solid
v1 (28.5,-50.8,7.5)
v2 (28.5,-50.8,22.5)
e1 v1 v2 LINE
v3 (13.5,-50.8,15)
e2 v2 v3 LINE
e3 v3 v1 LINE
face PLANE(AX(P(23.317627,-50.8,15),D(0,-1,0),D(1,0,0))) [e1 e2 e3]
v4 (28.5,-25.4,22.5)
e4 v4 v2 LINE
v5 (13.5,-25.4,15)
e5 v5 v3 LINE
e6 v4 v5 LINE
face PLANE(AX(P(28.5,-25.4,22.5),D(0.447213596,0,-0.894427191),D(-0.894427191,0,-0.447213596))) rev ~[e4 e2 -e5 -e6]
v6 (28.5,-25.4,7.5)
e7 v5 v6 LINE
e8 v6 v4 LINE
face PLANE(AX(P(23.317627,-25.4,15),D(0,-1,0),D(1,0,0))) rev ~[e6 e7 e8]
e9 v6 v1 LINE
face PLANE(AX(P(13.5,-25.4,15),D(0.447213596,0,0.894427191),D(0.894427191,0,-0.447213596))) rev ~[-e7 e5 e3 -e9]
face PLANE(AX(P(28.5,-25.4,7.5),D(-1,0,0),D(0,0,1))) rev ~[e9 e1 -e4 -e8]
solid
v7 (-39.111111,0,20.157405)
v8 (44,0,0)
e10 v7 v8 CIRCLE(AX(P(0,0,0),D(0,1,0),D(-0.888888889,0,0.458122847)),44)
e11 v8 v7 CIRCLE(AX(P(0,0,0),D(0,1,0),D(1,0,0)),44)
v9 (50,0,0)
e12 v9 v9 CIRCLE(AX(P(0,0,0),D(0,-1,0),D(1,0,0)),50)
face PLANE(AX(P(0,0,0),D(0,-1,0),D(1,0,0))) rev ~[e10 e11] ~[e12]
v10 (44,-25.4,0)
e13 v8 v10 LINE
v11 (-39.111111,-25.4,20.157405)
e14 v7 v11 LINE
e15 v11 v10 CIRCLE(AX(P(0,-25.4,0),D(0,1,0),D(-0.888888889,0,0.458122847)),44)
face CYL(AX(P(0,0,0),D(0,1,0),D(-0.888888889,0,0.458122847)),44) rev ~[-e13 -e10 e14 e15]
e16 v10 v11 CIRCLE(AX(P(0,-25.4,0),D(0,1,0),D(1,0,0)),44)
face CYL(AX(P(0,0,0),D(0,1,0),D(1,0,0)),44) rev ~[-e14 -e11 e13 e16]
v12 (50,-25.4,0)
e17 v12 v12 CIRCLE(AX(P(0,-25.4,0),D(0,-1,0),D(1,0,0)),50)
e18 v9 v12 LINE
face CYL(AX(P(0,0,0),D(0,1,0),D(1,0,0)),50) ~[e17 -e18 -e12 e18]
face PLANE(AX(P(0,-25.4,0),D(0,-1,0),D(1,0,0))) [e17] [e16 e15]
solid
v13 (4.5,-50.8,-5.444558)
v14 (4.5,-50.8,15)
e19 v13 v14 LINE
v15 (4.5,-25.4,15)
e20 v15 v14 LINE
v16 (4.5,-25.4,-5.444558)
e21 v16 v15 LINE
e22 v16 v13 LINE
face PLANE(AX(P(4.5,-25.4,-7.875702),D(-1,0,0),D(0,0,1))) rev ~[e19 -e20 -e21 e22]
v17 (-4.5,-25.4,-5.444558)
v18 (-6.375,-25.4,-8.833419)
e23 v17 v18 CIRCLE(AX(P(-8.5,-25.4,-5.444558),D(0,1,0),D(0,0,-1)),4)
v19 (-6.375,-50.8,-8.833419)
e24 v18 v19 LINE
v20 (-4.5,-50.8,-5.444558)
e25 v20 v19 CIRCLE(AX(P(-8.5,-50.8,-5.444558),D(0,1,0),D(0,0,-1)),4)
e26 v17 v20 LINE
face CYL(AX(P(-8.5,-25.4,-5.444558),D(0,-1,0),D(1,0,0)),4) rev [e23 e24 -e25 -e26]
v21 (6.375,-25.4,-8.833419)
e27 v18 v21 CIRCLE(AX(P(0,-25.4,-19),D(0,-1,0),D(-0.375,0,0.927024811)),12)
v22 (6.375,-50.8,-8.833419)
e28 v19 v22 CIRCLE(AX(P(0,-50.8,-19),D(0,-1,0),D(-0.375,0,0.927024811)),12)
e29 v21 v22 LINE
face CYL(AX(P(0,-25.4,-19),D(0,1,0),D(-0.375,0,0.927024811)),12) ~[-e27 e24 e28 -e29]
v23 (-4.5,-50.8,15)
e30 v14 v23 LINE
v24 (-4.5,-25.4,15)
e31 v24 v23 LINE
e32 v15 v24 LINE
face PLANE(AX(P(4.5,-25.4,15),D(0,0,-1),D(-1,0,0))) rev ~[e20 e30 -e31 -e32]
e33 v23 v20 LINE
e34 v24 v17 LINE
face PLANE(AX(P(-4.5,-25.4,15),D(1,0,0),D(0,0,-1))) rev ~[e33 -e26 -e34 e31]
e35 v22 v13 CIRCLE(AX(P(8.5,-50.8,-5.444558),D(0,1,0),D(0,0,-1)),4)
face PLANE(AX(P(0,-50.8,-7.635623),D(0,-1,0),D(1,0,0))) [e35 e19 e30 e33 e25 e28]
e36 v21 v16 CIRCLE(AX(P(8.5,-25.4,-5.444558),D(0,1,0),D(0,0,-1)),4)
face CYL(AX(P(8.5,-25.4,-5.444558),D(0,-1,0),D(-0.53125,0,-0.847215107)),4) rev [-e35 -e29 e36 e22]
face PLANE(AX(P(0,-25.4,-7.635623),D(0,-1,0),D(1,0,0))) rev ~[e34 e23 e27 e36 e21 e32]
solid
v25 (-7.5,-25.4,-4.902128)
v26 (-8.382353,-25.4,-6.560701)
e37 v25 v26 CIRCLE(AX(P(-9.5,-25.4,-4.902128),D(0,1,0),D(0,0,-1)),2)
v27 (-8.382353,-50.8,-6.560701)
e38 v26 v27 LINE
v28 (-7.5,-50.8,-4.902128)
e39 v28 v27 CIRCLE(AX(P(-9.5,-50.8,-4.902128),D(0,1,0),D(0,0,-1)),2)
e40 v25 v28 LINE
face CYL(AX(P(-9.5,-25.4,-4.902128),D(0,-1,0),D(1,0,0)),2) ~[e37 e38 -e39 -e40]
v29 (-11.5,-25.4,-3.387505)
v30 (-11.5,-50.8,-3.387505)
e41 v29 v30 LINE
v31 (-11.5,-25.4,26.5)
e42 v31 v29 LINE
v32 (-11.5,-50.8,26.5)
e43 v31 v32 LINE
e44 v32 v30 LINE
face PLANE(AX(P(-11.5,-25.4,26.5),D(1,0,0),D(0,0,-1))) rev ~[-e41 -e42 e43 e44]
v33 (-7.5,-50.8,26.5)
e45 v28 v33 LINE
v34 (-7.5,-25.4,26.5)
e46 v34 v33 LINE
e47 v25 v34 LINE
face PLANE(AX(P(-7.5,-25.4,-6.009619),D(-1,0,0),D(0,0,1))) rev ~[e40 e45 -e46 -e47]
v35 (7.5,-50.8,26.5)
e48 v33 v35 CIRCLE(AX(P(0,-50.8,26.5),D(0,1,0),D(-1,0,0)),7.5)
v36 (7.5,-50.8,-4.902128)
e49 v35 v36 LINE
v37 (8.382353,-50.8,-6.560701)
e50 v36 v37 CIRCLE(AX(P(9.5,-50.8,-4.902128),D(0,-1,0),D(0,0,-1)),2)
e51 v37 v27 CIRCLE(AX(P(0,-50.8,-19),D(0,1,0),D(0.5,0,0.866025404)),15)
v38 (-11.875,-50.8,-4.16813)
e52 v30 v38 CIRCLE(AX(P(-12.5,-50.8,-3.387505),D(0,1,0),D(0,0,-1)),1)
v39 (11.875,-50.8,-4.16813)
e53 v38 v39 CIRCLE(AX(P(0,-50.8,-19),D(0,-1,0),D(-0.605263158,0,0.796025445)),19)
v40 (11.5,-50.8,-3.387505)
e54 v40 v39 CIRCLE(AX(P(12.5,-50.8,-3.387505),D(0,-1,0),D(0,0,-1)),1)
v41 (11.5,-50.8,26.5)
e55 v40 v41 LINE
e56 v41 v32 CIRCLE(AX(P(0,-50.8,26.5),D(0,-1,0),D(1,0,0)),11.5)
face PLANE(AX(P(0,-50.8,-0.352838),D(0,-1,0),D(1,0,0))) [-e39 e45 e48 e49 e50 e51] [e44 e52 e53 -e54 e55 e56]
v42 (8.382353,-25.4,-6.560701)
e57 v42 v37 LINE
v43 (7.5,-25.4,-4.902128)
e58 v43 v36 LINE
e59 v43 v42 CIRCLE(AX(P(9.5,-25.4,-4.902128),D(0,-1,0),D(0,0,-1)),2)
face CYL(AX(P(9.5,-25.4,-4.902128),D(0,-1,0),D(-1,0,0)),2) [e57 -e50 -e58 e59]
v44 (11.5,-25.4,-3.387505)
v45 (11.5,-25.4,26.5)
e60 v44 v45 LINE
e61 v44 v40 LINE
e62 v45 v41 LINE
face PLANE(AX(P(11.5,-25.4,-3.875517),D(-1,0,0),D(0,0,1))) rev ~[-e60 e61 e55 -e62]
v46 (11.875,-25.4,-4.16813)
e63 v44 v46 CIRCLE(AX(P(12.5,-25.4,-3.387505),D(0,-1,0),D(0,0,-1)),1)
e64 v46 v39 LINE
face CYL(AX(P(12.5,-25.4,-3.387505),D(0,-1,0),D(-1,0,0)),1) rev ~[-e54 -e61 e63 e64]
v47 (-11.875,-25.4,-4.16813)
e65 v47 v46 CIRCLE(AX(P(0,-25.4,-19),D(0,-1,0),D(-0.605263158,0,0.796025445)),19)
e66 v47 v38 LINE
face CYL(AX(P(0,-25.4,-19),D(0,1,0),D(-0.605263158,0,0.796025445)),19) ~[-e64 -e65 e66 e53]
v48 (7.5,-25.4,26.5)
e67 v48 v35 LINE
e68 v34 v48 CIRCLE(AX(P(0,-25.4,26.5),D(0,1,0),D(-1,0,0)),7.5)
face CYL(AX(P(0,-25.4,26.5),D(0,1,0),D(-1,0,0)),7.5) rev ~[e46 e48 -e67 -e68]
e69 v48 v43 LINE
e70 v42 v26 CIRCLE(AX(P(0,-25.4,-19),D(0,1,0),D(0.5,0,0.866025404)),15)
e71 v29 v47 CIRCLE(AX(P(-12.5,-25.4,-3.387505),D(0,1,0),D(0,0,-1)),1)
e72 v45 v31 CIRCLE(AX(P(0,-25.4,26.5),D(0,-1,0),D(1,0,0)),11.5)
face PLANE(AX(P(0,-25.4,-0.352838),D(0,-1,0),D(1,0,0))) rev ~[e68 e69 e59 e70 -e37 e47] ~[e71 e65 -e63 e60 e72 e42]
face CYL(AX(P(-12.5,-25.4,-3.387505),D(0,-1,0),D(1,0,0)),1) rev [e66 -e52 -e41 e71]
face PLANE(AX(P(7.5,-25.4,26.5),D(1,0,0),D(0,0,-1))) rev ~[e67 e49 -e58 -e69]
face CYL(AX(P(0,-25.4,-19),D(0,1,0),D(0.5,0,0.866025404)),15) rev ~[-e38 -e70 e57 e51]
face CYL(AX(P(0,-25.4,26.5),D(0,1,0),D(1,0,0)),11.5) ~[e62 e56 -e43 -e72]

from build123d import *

# Parameters (mm, degrees)
F0_R     = 50
F1_DEPTH = 25.4
F2_R     = 1
F3_R     = 2
F4_R     = 1
F5_R     = 2
F8_DEPTH = 25.4
F9_R     = 1
F10_R    = 2
F11_R    = 4


with BuildPart() as f1:
    # F0 (on Front) → F1 (new body)
    with BuildSketch(Plane.XZ):
        Circle(F0_R)
        with BuildLine():
            ThreePointArc((-39.1111111111, 20.1574052808), (10.3708994574, 42.7603138955), (44, 0))
            ThreePointArc((44, 0), (-10.3708994574, -42.7603138955), (-39.1111111111, 20.1574052808))
        make_face(mode=Mode.SUBTRACT)
    extrude(amount=F1_DEPTH)


with BuildPart() as f1b:
    # F0 (on Front) → F1, piece 2 (new body)
    with BuildSketch(Plane.XZ):
        with BuildLine():
            ThreePointArc((0, 16.4924225025), (-16, 26.2462112512), (-32, 16.4924225025))
            Line((-32, 16.4924225025), (-30.2222222222, 15.5761768079))
            Line((-30.2222222222, 15.5761768079), (-34, 8.2462112512))
            ThreePointArc((-34, 8.2462112512), (-33.0849981905, 2.5802747153), (-30.4330181301, -2.5096238003))
            Line((-30.4330181301, -2.5096238003), (0, -43.3470204617))
            Line((0, -43.3470204617), (30.4330181301, -2.5096238003))
            ThreePointArc((30.4330181301, -2.5096238003), (25.5332732557, 23.5143709646), (0, 16.4924225025))
        make_face()
        with BuildLine():
            ThreePointArc((-28.829349449, -1.3145310168), (-31.9458736097, 6.9312531437), (-30.2222222222, 15.5761768079))
            ThreePointArc((-30.2222222222, 15.5761768079), (-12.2287638337, 23.7954163042), (0, 8.2462112512))
            ThreePointArc((0, 8.2462112512), (21.0363880319, 23.4328763095), (28.829349449, -1.3145310168))
            Line((28.829349449, -1.3145310168), (0, -40))
            Line((0, -40), (-28.829349449, -1.3145310168))
        make_face(mode=Mode.SUBTRACT)
        with BuildLine():
            Line((-30.2222222222, 15.5761768079), (-32, 16.4924225025))
            ThreePointArc((-32, 16.4924225025), (-33.4928556845, 12.4888519384), (-34, 8.2462112512))
            Line((-34, 8.2462112512), (-30.2222222222, 15.5761768079))
        make_face()
    extrude(amount=F1_DEPTH)

    # F2
    f2_edges = [f1b.edges().sort_by_distance(p)[0] for p in [
        (0, -12.7, 16.492423),
    ]]
    fillet(f2_edges, radius=F2_R)

    # F3
    f3_edges = [f1b.edges().sort_by_distance(p)[0] for p in [
        (0, -12.7, 8.246211),
    ]]
    fillet(f3_edges, radius=F3_R)

    # F4
    f4_edges = [f1b.edges().sort_by_distance(p)[0] for p in [
        (0, -12.7, -40),
    ]]
    fillet(f4_edges, radius=F4_R)

    # F5
    f5_edges = [f1b.edges().sort_by_distance(p)[0] for p in [
        (0, -12.7, -43.34702),
    ]]
    fillet(f5_edges, radius=F5_R)


with BuildPart() as f8:
    # F7 (on face) → F8 (new body)
    with BuildSketch(Plane.XZ.offset(25.4)):
        with BuildLine():
            ThreePointArc((11.5, 26.5), (0, 38), (-11.5, 26.5))
            Line((-11.5, 26.5), (-11.5, -3.8755165377))
            ThreePointArc((-11.5, -3.8755165377), (0, -38), (11.5, -3.8755165377))
            Line((11.5, -3.8755165377), (11.5, 26.5))
        make_face()
        with BuildLine():
            ThreePointArc((7.5, -6.0096189432), (0, -34), (-7.5, -6.0096189432))
            Line((-7.5, -6.0096189432), (-7.5, 26.5))
            ThreePointArc((-7.5, 26.5), (0, 34), (7.5, 26.5))
            Line((7.5, 26.5), (7.5, -6.0096189432))
        make_face(mode=Mode.SUBTRACT)
    extrude(amount=F8_DEPTH)

    # F9
    f9_edges = [f8.edges().sort_by_distance(p)[0] for p in [
        (11.5, -38.1, -3.875517),
        (-11.5, -38.1, -3.875517),
    ]]
    fillet(f9_edges, radius=F9_R)

    # F10
    f10_edges = [f8.edges().sort_by_distance(p)[0] for p in [
        (-7.5, -38.1, -6.009619),
        (7.5, -38.1, -6.009619),
    ]]
    fillet(f10_edges, radius=F10_R)


with BuildPart() as f8b:
    # F7 (on face) → F8, piece 2 (new body)
    with BuildSketch(Plane.XZ.offset(25.4)):
        Polygon((28.5, 22.5), (13.5, 15), (28.5, 7.5), align=None)
    extrude(amount=F8_DEPTH)


with BuildPart() as f8c:
    # F7 (on face) → F8, piece 3 (new body)
    with BuildSketch(Plane.XZ.offset(25.4)):
        with BuildLine():
            Line((4.5, 15), (-4.5, 15))
            Line((-4.5, 15), (-4.5, -7.8757022694))
            ThreePointArc((-4.5, -7.8757022694), (0, -31), (4.5, -7.8757022694))
            Line((4.5, -7.8757022694), (4.5, 15))
        make_face()
    extrude(amount=F8_DEPTH)

    # F11
    f11_edges = [f8c.edges().sort_by_distance(p)[0] for p in [
        (-4.5, -38.1, -7.875702),
        (4.5, -38.1, -7.875702),
    ]]
    fillet(f11_edges, radius=F11_R)


solid = Compound([f1.part, f8.part, f8b.part, f8c.part])
